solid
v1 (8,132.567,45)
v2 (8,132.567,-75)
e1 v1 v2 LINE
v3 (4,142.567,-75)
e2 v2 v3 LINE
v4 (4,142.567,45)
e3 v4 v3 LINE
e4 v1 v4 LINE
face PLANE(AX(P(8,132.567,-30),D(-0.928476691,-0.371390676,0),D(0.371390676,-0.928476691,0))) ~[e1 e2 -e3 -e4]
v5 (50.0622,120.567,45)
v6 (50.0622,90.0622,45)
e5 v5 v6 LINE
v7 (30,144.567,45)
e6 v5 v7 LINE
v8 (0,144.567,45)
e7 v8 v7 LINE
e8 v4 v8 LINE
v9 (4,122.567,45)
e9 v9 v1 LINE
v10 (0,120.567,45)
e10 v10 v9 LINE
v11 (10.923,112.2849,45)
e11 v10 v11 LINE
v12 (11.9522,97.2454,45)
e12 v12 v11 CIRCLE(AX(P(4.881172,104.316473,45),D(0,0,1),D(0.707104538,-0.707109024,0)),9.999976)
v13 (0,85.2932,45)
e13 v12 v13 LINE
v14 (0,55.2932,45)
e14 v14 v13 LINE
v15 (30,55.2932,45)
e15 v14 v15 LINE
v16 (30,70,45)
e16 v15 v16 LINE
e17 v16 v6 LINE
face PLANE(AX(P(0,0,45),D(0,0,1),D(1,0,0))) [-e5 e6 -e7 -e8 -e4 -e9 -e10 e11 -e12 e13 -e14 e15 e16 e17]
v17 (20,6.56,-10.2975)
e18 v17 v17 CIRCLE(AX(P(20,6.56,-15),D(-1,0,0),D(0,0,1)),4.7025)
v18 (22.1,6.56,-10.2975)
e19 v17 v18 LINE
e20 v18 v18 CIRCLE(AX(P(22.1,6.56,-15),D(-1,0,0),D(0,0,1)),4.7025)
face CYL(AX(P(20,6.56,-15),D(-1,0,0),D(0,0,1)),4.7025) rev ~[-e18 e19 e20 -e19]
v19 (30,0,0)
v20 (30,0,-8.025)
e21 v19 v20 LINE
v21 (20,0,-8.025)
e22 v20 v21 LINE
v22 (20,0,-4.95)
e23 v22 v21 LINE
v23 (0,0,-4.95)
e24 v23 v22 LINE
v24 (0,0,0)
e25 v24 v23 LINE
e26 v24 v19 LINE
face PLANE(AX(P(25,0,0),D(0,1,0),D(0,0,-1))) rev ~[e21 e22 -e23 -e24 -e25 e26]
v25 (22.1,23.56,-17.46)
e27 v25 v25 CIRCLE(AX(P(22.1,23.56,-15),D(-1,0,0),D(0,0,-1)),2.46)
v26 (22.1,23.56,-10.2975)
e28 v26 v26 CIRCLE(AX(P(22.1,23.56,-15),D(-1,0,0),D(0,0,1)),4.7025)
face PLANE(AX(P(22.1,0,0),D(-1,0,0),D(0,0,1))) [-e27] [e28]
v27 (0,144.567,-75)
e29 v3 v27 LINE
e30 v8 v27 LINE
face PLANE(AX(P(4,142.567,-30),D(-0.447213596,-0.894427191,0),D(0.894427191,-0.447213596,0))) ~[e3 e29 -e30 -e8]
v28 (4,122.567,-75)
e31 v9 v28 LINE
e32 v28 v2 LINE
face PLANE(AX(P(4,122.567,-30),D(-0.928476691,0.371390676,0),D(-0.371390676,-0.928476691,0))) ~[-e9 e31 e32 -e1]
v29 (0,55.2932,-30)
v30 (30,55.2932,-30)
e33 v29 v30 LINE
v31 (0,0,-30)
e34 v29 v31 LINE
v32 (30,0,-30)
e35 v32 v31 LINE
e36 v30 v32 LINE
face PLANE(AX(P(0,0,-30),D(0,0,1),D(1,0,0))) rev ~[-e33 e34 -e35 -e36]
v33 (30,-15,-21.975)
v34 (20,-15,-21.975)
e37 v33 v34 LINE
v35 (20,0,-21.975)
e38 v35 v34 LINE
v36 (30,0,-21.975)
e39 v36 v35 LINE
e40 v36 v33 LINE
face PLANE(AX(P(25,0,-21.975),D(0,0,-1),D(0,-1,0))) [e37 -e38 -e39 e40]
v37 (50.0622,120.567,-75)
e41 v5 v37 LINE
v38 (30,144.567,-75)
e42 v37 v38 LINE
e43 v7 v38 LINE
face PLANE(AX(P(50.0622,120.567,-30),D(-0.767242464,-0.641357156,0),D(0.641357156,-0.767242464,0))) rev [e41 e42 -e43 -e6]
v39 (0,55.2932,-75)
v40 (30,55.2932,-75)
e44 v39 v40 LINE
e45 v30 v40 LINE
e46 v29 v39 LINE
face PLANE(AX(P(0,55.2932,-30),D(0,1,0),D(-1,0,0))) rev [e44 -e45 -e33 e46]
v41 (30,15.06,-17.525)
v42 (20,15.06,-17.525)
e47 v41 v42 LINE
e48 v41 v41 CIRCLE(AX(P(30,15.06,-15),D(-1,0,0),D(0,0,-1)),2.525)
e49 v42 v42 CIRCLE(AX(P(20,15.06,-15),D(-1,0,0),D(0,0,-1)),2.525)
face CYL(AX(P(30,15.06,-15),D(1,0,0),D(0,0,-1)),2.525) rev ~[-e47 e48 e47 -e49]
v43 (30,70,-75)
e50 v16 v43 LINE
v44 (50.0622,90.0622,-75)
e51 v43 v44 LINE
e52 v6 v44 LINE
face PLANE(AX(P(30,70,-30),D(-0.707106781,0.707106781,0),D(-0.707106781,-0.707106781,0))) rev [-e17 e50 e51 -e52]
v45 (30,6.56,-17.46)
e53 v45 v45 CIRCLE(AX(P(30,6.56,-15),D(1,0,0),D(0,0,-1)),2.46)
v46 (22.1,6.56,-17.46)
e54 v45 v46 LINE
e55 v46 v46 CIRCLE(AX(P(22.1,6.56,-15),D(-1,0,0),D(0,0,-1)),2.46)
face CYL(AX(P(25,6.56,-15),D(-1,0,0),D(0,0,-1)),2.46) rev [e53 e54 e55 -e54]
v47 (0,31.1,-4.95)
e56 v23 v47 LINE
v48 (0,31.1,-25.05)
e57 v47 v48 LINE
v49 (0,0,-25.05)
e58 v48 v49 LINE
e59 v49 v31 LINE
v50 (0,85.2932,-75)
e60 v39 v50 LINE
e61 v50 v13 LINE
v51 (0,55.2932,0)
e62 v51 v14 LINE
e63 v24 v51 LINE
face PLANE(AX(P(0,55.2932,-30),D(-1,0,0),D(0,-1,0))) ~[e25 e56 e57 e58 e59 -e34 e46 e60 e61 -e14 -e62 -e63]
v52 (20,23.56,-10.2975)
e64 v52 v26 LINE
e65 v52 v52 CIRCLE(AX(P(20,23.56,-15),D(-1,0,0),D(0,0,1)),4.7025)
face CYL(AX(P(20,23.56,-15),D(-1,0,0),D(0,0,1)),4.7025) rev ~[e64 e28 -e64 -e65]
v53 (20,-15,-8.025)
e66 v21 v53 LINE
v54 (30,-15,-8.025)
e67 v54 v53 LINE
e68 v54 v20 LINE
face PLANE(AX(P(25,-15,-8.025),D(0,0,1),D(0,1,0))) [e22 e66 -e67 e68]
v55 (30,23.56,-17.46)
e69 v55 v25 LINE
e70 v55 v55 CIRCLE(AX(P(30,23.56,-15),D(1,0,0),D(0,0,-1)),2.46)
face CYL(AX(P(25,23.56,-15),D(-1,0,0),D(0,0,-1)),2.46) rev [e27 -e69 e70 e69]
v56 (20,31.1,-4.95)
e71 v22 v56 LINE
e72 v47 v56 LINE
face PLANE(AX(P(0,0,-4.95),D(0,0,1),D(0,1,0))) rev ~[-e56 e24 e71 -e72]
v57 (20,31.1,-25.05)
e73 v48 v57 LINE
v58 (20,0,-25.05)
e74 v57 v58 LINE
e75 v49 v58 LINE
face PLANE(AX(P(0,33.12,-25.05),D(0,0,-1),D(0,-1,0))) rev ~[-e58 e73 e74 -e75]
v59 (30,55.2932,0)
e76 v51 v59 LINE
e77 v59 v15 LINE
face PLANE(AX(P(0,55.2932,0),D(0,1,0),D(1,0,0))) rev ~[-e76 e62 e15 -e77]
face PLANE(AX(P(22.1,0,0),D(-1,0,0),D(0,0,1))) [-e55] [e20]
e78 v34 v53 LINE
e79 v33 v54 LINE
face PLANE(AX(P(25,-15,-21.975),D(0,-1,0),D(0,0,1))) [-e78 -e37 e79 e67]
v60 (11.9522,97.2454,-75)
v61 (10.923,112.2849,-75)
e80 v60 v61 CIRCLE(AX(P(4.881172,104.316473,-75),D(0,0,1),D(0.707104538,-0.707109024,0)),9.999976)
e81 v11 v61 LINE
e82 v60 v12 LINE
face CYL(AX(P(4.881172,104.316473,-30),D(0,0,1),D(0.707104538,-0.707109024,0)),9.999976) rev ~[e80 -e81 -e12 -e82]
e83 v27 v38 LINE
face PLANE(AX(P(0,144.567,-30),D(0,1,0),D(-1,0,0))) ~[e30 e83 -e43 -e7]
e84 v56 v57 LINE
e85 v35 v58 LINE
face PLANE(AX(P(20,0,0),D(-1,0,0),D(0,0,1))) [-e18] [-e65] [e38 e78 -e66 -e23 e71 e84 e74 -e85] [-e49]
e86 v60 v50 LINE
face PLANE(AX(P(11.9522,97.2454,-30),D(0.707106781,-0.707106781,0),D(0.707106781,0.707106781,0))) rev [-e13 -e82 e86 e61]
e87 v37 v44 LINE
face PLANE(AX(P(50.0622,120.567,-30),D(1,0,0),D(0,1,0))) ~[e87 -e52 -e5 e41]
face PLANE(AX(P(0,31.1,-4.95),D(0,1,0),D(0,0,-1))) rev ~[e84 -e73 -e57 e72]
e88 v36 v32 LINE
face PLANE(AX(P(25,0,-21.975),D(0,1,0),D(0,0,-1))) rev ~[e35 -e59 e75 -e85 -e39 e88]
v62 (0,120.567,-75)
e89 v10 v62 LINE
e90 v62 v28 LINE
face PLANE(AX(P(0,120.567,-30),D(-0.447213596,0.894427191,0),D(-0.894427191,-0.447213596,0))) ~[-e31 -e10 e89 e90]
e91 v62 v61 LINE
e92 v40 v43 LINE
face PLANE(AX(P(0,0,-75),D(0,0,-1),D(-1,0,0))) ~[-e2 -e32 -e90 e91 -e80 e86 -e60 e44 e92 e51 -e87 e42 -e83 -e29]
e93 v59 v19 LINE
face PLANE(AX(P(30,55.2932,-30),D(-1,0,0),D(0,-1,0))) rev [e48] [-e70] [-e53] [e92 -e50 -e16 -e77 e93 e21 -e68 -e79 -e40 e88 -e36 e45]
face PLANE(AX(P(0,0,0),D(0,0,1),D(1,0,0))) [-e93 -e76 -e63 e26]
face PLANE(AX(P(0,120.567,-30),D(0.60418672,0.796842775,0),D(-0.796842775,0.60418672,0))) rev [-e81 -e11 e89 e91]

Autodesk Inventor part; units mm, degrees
ref_plane "YZ Plane" through (0, 0, 0) normal (1, 0, 0) x (0, 1, 0)
ref_plane "XZ Plane" through (0, 0, 0) normal (0, 1, 0) x (-1, 0, 0)
sketch "Sketch1" plane through (0, 0, 0) normal (0, 0, 1) x (1, 0, 0)
  line L0 (0, 0) -> (25, 0)
  line L1 (25, 0) -> (25, 40)
  line L2 (25, 40) -> (0, 40)
  line L3 (0, 40) -> (0, 0)
  dimension "d1" = 25
  dimension "d2" = 40
  dimension "d3" = 25
extrude "Extrusion1" add sketch "Sketch1" against normal blind 30
sketch "Sketch2" plane through (25, 0, 0) normal (1, 0, 0) x (0, 0, -1)
  line L0 (0, 0) -> (30, 0) projected
  circle A0 centre (15, 6.56) radius 2.46
extrude "Extrusion2" cut sketch "Sketch2" against normal blind 30
sketch "Sketch3" plane through (0, 0, 0) normal (-1, 0, 0) x (0, 0, 1)
  line L0 (0, 0) -> (-30, 0) projected
  line L1 (-25.05, 0) -> (-4.95, 0)
  line L2 (-4.95, 0) -> (-4.95, 33.12)
  line L3 (-4.95, 33.12) -> (-25.05, 33.12)
  line L4 (-25.05, 33.12) -> (-25.05, 0)
  dimension "d11" = 20.1
extrude "Extrusion3" cut sketch "Sketch3" against normal blind 20
sketch "Sketch4" plane through (0, 0, 0) normal (0, -1, 0) x (1, 0, 0)
  line L0 (20, -4.95) -> (20, -25.05) projected
  line L1 (20, -15) -> (25, -15)
  line L2 (25, 0) -> (25, -30) projected
  line L3 (20, -8.025) -> (25, -8.025)
  line L4 (25, -8.025) -> (25, -21.975)
  line L5 (25, -21.975) -> (20, -21.975)
  line L6 (20, -21.975) -> (20, -8.025)
  line L7 (20, -8.025) -> (25, -21.975) construction
  line L8 (25, -8.025) -> (20, -21.975) construction
  line L9 (25, -12.54) -> (25, -17.46) projected
  point P0 (0, 0)
  point P1 (22.5, -15)
  dimension "d14" = 13.95
extrude "Extrusion4" add sketch "Sketch4" along normal blind 15
sketch "Sketch5" plane through (20, 0, 0) normal (-1, 0, 0) x (0, 0, 1)
  circle A0 centre (-15, 6.56) radius 2.46 projected
  circle A1 centre (-15, 6.56) radius 4.7025
  circle A2 centre (-15, 6.56) radius 2.46 projected
  circle A3 centre (-15, 6.56) radius 2.46
  point P0 (0, 0)
  dimension "d17" = 9.405
extrude "Extrusion5" cut sketch "Sketch5" against normal blind 2.1
sketch "Sketch6" plane through (25, 0, 0) normal (1, 0, 0) x (0, 0, -1)
  circle A0 centre (15, 6.56) radius 4.7025 projected
  line L0 (15, 6.56) -> (15, 23.56)
  circle A1 centre (15, 23.56) radius 2.46
  point P0 (0, 0)
  dimension "d20" = 17
  dimension "d21" = 4.92
extrude "Extrusion6" cut sketch "Sketch6" against normal blind 10 contours A1
sketch "Sketch7" plane through (20, 0, 0) normal (-1, 0, 0) x (0, 0, 1)
  circle A0 centre (-15, 23.56) radius 2.46 projected
  circle A1 centre (-15, 23.56) radius 4.7025
  point P0 (0, 0)
  dimension "d24" = 9.405
extrude "Extrusion7" cut sketch "Sketch7" against normal blind 2.1
sketch "Sketch9" plane through (25, 0, 0) normal (1, 0, 0) x (0, 0, -1)
  circle A0 centre (15, 6.56) radius 2.46 projected
  circle A1 centre (15, 6.56) radius 2.46
  circle A2 centre (15, 23.56) radius 2.46 projected
  circle A3 centre (15, 23.56) radius 2.46
  line L0 (30, 40) -> (30, 0) projected
  line L1 (30, 0) -> (30, 40)
  line L2 (30, 40) -> (0, 40)
  line L3 (0, 40) -> (0, 0)
  line L4 (0, 0) -> (8.025, 0) projected
  line L5 (21.975, 0) -> (21.975, -15)
  line L6 (21.975, -15) -> (8.025, -15)
  line L7 (8.025, -15) -> (8.025, 0)
  line L8 (0, 0) -> (8.025, 0)
  line L9 (21.975, 0) -> (30, 0)
extrude "Extrusion8" add sketch "Sketch9" along normal blind 5
sketch "Sketch10" plane through (0, 40, 0) normal (0, 1, 0) x (1, 0, 0)
  line L0 (0, 30) -> (30, 30) projected
  line L1 (30, 0) -> (0, 0) projected
  line L2 (0, 30) -> (30, 30)
  line L3 (30, 30) -> (30, 0)
  line L4 (30, 0) -> (0, 0)
  line L5 (0, 0) -> (0, 30)
extrude "Extrusion9" add sketch "Sketch10" along normal blind 30
sketch "Sketch12" plane through (30, 0, 0) normal (1, 0, 0) x (0, 0, -1)
  circle A0 centre (15, 6.56) radius 2.46 projected
  line L0 (15, 6.56) -> (15, 15.06)
  circle A1 centre (15, 15.06) radius 2.525
  point P0 (0, 0)
  dimension "d31" = 8.5
  dimension "d33" = 5.05
extrude "Extrusion10" cut sketch "Sketch12" against normal blind 30 contours A1
sketch "Sketch15" plane through (0, 0, -25.05) normal (-1, 0, 0) x (0, 0, 1)
  line L0 (0, 33.12) -> (20.1, 33.12) projected
  line L1 (20.1, 33.12) -> (20.1, 0) projected
  line L2 (0, 33.12) -> (20.1, 33.12)
  line L3 (20.1, 33.12) -> (20.1, 31.1)
  line L4 (20.1, 31.1) -> (0, 31.1)
  line L5 (0, 31.1) -> (0, 33.12)
  point P0 (25.05, 0)
  dimension "d57" = 2.02
extrude "Extrusion13" add sketch "Sketch15" against normal blind 20
sketch "Sketch17" plane through (0, 0, 0) normal (0, 0, 1) x (1, 0, 0)
  line L0 (0, 70) -> (30, 70) projected
  line L1 (30, 70) -> (50.0622, 90.0622)
  line L2 (30, 70) -> (80, 70) construction
  line L3 (11.9522, 97.2454) -> (0, 85.2932)
  line L4 (0, 70) -> (0, 85.2932)
  line L5 (0, 70) -> (0, 0) projected
  line L6 (0, 70) -> (30, 70)
  line L7 (10.923, 112.2849) -> (0, 120.567)
  line L8 (50.0622, 105.3553) -> (50.0622, 120.567)
  line L9 (50.0622, 105.3553) -> (50.0622, 90.0622)
  arc A0 (11.9522, 97.2454) -> (10.923, 112.2849) centre (4.8811, 104.3165) ccw
  line L10 (0, 144.567) -> (30, 144.567)
  line L11 (30, 144.567) -> (50.0622, 120.567)
  line L12 (4, 142.567) -> (0, 144.567)
  line L13 (4, 122.567) -> (0, 120.567)
  line L14 (4, 122.567) -> (8, 132.567)
  line L15 (8, 132.567) -> (4, 142.567)
  dimension "d61" = 45
  dimension "d62" = 32.0271
  dimension "d72" = 10
extrude "Extrusion14" add sketch "Sketch17" against normal blind 30
sketch "Sketch22" plane through (0, 0, 0) normal (0, 0, 1) x (1, 0, 0)
  line L0 (11.9522, 97.2454) -> (0, 85.2932) projected
  line L1 (0, 85.2932) -> (11.9522, 97.2454)
  arc A0 (11.9522, 97.2454) -> (10.923, 112.2849) centre (4.8811, 104.3165) ccw projected
  arc A1 (11.9522, 97.2454) -> (10.923, 112.2849) centre (4.8811, 104.3165) ccw
  line L2 (0, 120.567) -> (10.923, 112.2849) projected
  line L3 (10.923, 112.2849) -> (0, 120.567)
  line L4 (0, 120.567) -> (4, 122.567) projected
  line L5 (0, 120.567) -> (4, 122.567)
  line L6 (4, 122.567) -> (8, 132.567) projected
  line L7 (4, 122.567) -> (8, 132.567)
  line L8 (8, 132.567) -> (4, 142.567) projected
  line L9 (8, 132.567) -> (4, 142.567)
  line L10 (4, 142.567) -> (0, 144.567) projected
  line L11 (4, 142.567) -> (0, 144.567)
  line L12 (0, 144.567) -> (30, 144.567) projected
  line L13 (0, 144.567) -> (30, 144.567)
  line L14 (50.0622, 120.567) -> (30, 144.567) projected
  line L15 (30, 144.567) -> (50.0622, 120.567)
  line L16 (50.0622, 120.567) -> (50.0622, 90.0622) projected
  line L17 (50.0622, 120.567) -> (50.0622, 90.0622)
  line L18 (30, 70) -> (50.0622, 90.0622) projected
  line L19 (50.0622, 90.0622) -> (30, 70)
  line L20 (0, 0) -> (0, 85.2932) projected
  line L21 (0, 85.2932) -> (0, 55.2932)
  line L22 (0, 55.2932) -> (30, 55.2932)
  line L23 (30, 0) -> (30, 70) projected
  line L24 (30, 55.2932) -> (30, 70)
  dimension "d83" = 30
extrude "Extrusion15" add sketch "Sketch22" along normal blind 45
ref_plane "Work Plane1" through (0, 0, -15) normal (0, 0, 1) x (1, 0, 0)
mirror "Mirror1" about plane through (0, 0, -15) normal (0, 0, 1) of "Extrusion15"
properties part number "rec_c_20mm_x_120mm"
